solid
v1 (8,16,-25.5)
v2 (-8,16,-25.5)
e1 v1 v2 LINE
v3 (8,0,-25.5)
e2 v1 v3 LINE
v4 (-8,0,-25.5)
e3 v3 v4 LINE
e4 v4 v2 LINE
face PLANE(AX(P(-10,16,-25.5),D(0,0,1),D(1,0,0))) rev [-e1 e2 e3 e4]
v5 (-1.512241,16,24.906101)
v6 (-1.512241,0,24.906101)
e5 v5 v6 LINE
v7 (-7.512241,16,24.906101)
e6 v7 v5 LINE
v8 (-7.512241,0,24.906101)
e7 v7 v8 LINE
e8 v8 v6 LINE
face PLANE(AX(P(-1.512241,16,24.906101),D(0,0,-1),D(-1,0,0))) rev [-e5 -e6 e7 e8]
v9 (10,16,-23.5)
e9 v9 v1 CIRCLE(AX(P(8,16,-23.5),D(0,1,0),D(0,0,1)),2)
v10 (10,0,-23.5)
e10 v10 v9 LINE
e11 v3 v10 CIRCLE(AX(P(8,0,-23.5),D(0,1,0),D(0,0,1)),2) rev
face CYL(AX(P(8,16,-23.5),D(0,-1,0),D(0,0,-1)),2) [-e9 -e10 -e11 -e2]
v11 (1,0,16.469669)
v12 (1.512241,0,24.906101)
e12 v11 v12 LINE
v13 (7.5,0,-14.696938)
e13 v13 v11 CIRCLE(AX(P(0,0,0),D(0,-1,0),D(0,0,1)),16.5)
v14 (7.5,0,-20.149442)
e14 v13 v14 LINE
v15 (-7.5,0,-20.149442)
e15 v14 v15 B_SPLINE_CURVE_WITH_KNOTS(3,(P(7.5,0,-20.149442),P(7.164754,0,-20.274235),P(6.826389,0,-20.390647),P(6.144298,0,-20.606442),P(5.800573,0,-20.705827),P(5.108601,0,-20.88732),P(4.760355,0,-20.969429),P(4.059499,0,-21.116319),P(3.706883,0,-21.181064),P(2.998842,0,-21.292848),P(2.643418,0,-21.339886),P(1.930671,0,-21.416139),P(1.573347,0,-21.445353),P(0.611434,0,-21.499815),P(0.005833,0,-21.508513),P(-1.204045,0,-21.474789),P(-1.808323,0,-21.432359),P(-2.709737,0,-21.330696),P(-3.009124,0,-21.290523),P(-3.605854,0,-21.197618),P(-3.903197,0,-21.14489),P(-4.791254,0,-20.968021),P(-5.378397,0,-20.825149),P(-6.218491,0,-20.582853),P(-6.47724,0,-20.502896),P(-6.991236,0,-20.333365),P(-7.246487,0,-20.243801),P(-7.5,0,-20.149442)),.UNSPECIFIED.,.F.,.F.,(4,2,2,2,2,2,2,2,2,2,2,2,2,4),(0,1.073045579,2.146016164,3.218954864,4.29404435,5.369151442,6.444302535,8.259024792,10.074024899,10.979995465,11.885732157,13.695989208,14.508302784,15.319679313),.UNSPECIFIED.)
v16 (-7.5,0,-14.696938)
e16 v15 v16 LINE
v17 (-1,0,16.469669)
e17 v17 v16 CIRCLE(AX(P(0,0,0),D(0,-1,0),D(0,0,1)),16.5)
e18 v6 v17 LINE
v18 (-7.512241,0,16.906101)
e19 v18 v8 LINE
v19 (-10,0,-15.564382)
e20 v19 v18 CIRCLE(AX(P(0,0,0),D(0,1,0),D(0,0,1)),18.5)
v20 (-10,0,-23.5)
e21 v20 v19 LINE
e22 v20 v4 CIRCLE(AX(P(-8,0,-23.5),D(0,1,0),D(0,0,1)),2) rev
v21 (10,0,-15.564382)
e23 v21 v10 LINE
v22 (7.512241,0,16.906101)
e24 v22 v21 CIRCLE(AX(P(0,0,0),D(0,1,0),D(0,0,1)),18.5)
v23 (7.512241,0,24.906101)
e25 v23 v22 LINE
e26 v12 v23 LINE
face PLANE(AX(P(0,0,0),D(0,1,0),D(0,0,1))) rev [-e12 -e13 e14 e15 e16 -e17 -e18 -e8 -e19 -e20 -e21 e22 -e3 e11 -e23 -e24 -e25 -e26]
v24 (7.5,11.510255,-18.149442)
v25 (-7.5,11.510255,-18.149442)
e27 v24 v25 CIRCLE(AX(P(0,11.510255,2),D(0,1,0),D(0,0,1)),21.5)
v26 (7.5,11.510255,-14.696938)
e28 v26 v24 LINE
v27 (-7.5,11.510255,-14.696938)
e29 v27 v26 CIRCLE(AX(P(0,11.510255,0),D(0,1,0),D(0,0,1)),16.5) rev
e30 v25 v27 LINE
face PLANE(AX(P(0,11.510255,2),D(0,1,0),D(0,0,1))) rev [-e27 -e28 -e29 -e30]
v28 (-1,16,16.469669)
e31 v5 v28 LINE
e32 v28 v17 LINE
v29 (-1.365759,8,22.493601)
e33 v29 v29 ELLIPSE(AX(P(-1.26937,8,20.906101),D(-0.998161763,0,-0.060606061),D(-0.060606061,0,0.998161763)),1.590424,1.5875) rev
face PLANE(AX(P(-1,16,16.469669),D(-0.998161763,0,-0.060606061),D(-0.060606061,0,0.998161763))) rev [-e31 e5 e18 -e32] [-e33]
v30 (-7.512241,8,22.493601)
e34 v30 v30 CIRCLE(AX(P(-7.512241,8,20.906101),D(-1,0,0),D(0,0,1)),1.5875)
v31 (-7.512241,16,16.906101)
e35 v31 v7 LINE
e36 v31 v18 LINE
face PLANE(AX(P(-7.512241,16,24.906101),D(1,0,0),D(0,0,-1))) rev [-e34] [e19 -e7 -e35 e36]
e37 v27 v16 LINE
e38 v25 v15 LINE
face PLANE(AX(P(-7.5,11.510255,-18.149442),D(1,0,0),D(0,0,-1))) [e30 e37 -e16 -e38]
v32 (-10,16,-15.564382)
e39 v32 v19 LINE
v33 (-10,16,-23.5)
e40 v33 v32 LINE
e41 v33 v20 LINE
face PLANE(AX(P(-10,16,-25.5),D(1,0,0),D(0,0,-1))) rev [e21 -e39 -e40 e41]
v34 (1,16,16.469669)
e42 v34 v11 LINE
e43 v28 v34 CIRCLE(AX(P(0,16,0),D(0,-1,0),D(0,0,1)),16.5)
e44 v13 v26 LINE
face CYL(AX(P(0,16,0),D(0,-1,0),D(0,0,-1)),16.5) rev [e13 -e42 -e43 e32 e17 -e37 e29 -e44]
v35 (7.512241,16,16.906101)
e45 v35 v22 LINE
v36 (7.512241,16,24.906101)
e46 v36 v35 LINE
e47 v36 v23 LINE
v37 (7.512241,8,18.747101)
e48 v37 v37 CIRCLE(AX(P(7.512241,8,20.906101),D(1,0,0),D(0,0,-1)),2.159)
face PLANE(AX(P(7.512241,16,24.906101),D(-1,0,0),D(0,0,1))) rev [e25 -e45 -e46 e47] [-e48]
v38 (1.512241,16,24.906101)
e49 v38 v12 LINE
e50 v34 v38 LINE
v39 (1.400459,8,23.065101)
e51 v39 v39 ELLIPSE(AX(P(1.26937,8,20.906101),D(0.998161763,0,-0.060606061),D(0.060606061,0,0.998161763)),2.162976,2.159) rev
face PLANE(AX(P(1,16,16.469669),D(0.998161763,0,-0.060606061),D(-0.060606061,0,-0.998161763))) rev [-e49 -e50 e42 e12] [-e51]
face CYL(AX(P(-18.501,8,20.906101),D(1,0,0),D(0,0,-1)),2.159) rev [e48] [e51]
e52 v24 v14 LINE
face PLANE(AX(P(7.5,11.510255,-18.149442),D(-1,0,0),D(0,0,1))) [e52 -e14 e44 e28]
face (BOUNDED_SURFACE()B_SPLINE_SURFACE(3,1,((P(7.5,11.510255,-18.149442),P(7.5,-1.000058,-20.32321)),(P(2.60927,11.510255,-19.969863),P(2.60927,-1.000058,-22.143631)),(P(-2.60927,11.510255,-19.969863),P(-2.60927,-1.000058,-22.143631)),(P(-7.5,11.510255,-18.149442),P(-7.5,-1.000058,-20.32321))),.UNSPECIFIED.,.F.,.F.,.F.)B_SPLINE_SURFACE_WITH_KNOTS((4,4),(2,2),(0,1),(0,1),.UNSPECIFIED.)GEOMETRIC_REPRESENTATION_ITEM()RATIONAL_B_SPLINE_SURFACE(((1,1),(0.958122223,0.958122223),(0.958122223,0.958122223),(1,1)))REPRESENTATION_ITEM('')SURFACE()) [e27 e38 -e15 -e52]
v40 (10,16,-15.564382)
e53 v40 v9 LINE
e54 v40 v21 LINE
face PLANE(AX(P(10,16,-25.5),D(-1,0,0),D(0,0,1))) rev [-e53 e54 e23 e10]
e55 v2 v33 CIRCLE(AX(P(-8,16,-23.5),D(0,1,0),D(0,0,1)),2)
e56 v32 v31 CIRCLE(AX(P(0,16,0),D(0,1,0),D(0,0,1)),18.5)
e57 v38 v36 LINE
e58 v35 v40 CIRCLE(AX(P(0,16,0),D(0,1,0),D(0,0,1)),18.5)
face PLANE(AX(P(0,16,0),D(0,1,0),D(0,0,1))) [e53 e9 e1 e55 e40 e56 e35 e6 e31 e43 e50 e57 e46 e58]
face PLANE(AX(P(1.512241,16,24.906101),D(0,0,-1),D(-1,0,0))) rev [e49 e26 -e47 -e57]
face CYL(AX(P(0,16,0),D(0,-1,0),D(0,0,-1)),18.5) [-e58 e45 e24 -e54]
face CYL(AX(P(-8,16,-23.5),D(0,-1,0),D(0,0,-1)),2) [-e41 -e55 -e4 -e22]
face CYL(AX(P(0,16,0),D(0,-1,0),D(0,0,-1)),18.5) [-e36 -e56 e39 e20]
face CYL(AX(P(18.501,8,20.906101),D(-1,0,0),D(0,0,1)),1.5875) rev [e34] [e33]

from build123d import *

# Parameters (mm, degrees)
BOSS_EXTRUDE1_DEPTH = 16
CUT_EXTRUDE1_REACH  = 41.786
SKETCH4_R           = 1.5875
CUT_EXTRUDE2_REACH  = 41.786
SKETCH5_R           = 2.159
FILLET1_R           = 2


with BuildPart() as part:
    # Sketch1 → Boss-Extrude1 (new body)
    with BuildSketch(Plane(origin=(0, 0, 0), x_dir=(1, 0, 0), z_dir=(0, 1, 0))):
        with BuildLine():
            Line((1, -16.469669092), (1.512240508, -24.90610075))
            Line((1.512240508, -24.90610075), (7.512240508, -24.90610075))
            Line((7.512240508, -24.90610075), (7.512240508, -16.90610075))
            ThreePointArc((7.512240508, -16.90610075), (18.445940235, -1.413254699), (10, 15.564382416))
            Line((10, 15.564382416), (10, 25.5))
            Line((10, 25.5), (-10, 25.5))
            Line((-10, 25.5), (-10, 15.564382416))
            ThreePointArc((-10, 15.564382416), (-18.445940235, -1.413254699), (-7.512240508, -16.90610075))
            Line((-7.512240508, -16.90610075), (-7.512240508, -24.90610075))
            Line((-7.512240508, -24.90610075), (-1.512240508, -24.90610075))
            Line((-1.512240508, -24.90610075), (-1, -16.469669092))
            ThreePointArc((-1, -16.469669092), (0, 16.5), (1, -16.469669092))
        make_face()
    extrude(amount=BOSS_EXTRUDE1_DEPTH)

    # Cut-Sweep1: sweep along a path in Sketch2
    with BuildLine(Plane(origin=(0, 0, 0), x_dir=(0, 0, -1), z_dir=(1, 0, 0))) as cut_sweep1_path:
        Line((19.5, 11.510254581), (21.5, 0))
    # Sketch3 → Cut-Sweep1 (sweep, cut)
    with BuildSketch(Plane(origin=(0, 0, 0), x_dir=(1, 0, 0), z_dir=(0, 1, 0))):
        with BuildLine():
            Line((-7.5, 20.14944168), (-7.5, 12.323332295))
            Line((-7.5, 12.323332295), (7.5, 12.323332295))
            Line((7.5, 12.323332295), (7.5, 20.14944168))
            ThreePointArc((7.5, 20.14944168), (0, 21.5), (-7.5, 20.14944168))
        make_face()
    sweep(path=cut_sweep1_path.line, mode=Mode.SUBTRACT)

    # Cut-Extrude1: up to this plane
    cut_extrude1_end = Plane(origin=(-1, 16, 16.469669092), z_dir=(-0.9981617631515517, 0, -0.06060606060606122))
    # Sketch4 → Cut-Extrude1 (cut, up to the surface)
    with BuildSketch(Plane.ZY.offset(7.512240508), mode=Mode.PRIVATE) as cut_extrude1_sk1:
        with Locations((20.90610075, 8)):
            Circle(SKETCH4_R)
    cut_extrude1_tool1 = split(extrude(cut_extrude1_sk1.sketch, amount=-CUT_EXTRUDE1_REACH, mode=Mode.PRIVATE), bisect_by=cut_extrude1_end, keep=Keep.BOTH, mode=Mode.PRIVATE)
    add(cut_extrude1_tool1.solids().sort_by_distance((-7.512241, 8, 20.906101))[0], mode=Mode.SUBTRACT)

    # Cut-Extrude2: up to this plane
    cut_extrude2_end = Plane(origin=(1, 16, 16.469669092), z_dir=(0.9981617631515518, 0, -0.06060606060606071))
    # Sketch5 → Cut-Extrude2 (cut, up to the surface)
    with BuildSketch(Plane(origin=(7.512240508, 0, 0), x_dir=(0, 0, -1), z_dir=(1, 0, 0)), mode=Mode.PRIVATE) as cut_extrude2_sk1:
        with Locations((-20.90610075, 8)):
            Circle(SKETCH5_R)
    cut_extrude2_tool1 = split(extrude(cut_extrude2_sk1.sketch, amount=-CUT_EXTRUDE2_REACH, mode=Mode.PRIVATE), bisect_by=cut_extrude2_end, keep=Keep.BOTH, mode=Mode.PRIVATE)
    add(cut_extrude2_tool1.solids().sort_by_distance((7.512241, 8, 20.906101))[0], mode=Mode.SUBTRACT)

    # Fillet1
    fillet1_edges = [part.edges().sort_by_distance(p)[0] for p in [
        (-10, 8, -25.5),
        (10, 8, -25.5),
    ]]
    fillet(fillet1_edges, radius=FILLET1_R)


solid = part.part
